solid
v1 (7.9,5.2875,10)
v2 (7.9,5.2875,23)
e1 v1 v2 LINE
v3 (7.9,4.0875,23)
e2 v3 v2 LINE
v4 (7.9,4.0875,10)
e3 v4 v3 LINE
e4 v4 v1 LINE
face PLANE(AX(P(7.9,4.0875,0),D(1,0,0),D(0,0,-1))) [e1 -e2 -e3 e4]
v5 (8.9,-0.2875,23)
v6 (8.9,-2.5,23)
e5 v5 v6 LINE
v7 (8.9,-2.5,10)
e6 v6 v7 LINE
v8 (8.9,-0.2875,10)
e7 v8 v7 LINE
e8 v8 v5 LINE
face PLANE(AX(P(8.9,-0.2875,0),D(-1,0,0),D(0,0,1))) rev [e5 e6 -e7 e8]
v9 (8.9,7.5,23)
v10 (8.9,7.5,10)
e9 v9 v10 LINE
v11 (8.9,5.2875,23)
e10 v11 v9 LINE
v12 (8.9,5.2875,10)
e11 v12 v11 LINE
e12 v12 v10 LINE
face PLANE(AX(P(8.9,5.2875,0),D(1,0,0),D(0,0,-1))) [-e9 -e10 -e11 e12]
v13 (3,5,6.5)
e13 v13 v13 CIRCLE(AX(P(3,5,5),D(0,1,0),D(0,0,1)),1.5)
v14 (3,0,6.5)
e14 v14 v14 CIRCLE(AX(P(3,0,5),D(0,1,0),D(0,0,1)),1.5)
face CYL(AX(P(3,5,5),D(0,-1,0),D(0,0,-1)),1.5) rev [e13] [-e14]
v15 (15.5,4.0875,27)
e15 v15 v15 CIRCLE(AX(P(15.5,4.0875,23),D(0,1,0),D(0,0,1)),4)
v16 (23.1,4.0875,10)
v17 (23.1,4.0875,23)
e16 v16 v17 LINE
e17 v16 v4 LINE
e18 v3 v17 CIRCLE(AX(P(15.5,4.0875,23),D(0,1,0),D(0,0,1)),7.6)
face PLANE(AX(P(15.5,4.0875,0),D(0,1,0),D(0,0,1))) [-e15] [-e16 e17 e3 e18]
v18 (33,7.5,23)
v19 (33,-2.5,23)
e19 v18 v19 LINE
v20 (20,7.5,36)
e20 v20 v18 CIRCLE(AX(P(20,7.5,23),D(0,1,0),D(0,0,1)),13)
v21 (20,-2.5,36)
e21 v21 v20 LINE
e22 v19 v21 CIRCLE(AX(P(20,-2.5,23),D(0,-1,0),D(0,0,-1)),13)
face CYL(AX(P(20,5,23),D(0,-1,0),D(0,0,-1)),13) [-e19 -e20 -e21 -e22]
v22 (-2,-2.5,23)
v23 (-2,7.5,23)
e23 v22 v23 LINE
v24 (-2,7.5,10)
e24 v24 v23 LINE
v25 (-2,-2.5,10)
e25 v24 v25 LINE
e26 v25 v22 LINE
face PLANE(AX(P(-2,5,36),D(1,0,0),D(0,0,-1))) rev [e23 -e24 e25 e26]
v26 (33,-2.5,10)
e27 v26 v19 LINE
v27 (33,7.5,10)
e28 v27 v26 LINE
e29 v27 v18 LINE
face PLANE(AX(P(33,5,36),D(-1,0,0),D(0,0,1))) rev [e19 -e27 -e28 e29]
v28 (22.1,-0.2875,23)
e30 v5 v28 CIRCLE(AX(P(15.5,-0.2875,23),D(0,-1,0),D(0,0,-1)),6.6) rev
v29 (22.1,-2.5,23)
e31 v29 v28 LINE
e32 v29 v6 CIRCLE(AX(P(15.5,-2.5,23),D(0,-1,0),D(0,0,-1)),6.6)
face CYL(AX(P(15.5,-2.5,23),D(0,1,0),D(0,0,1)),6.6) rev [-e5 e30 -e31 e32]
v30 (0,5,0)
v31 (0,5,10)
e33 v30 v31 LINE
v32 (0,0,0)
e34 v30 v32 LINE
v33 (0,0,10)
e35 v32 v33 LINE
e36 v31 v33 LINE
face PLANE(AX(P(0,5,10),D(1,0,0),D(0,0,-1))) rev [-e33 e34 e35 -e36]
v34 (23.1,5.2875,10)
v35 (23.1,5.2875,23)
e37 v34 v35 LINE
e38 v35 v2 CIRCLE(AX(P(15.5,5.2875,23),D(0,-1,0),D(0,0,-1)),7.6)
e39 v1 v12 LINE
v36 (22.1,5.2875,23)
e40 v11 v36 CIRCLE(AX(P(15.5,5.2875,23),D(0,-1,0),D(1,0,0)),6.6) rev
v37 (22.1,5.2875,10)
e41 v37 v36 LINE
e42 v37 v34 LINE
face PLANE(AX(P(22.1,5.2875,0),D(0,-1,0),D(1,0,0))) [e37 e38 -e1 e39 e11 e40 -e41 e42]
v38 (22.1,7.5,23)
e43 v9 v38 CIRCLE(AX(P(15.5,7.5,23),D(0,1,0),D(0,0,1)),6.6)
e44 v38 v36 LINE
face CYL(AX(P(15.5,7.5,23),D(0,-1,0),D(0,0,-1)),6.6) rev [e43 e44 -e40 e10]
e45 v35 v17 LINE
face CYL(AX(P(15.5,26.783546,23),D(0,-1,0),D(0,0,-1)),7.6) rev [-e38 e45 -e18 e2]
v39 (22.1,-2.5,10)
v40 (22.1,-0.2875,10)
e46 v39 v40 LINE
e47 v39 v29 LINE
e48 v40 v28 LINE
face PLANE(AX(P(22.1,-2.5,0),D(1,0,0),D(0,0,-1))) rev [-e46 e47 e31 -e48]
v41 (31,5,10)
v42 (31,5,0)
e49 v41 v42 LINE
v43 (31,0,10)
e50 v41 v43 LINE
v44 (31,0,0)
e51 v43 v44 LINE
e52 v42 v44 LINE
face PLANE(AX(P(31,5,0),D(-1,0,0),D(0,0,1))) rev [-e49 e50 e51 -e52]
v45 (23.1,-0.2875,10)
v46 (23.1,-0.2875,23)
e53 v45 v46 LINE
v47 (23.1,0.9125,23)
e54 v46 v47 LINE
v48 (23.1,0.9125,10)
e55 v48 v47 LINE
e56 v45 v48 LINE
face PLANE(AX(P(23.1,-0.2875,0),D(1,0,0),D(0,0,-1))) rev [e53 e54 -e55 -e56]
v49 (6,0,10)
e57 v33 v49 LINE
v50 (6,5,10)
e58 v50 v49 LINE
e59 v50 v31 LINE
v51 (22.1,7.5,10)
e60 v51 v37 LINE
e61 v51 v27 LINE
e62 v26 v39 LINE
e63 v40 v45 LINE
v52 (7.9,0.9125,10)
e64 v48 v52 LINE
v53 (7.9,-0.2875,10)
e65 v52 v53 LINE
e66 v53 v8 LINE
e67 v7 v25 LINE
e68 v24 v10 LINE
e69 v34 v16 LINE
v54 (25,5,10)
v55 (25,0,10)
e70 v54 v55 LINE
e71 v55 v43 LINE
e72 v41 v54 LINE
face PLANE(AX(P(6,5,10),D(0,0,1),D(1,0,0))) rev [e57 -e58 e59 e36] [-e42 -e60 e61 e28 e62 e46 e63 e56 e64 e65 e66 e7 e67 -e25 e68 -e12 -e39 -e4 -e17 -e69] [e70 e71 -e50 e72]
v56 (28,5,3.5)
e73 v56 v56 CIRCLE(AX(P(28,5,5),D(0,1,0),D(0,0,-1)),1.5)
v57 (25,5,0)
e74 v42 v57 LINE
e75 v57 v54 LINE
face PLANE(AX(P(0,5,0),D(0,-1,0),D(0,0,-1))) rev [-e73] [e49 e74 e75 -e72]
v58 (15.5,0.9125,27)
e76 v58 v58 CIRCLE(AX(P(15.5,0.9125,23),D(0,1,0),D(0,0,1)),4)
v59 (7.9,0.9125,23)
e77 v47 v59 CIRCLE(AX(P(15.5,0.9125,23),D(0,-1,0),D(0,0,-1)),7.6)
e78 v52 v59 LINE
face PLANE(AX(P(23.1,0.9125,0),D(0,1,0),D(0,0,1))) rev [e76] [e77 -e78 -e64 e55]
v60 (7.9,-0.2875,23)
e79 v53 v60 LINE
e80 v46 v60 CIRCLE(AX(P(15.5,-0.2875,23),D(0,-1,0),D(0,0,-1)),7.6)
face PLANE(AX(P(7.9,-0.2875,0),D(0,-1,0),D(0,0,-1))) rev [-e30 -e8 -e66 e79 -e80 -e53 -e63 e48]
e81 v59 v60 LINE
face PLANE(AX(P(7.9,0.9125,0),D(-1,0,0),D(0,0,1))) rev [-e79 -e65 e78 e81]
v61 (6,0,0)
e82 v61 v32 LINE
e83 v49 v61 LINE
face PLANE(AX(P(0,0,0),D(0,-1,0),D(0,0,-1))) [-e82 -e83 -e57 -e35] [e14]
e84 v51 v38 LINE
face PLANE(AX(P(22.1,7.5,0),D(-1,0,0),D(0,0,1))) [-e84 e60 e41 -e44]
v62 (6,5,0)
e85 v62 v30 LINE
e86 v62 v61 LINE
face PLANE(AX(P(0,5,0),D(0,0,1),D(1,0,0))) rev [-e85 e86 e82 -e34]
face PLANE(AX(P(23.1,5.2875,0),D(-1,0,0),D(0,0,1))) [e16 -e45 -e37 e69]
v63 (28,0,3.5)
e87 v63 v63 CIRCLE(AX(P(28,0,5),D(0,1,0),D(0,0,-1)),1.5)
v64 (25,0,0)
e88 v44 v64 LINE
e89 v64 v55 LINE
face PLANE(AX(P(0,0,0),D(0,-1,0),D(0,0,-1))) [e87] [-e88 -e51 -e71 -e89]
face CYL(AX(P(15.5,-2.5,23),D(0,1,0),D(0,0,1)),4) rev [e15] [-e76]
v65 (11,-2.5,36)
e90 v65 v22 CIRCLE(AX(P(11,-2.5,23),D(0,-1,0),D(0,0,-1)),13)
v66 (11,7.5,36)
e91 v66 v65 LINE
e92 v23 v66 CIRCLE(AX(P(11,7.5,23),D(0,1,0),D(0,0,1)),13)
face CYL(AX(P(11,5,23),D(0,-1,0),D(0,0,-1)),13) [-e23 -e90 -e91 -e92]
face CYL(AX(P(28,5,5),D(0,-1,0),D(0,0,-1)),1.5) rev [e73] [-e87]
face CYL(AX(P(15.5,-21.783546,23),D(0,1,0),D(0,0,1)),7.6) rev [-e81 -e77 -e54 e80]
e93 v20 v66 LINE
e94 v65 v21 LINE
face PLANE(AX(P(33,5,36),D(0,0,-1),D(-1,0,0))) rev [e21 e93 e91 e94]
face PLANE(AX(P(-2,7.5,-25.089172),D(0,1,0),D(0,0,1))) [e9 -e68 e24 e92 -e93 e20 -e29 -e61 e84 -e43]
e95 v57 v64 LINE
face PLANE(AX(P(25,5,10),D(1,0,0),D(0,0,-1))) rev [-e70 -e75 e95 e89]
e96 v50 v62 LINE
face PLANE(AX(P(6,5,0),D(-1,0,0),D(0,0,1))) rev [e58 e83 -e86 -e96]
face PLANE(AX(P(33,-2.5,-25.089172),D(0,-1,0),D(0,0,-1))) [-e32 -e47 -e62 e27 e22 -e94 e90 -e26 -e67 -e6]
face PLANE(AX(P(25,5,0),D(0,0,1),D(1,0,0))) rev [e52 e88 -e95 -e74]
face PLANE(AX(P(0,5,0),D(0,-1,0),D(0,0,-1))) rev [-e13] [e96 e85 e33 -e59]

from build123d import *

# Parameters (mm, degrees)
SKETCH1_R           = 1.5
BOSS_EXTRUDE1_DEPTH = 5
SKETCH2_W           = 35
SKETCH2_H           = 2.5
BOSS_EXTRUDE2_DEPTH = 26
FILLET1_R           = 13
CUT_EXTRUDE1_START  = -13
CUT_EXTRUDE1_DEPTH  = 56.676105727
SKETCH4_R           = 7.6
CUT_EXTRUDE2_DEPTH  = 1.2
SKETCH5_R           = 6.6
CUT_EXTRUDE3_DEPTH  = 50.27874954
CUT_EXTRUDE4_START  = 1.2
SKETCH6_R           = 7.6
CUT_EXTRUDE4_DEPTH  = 1.2
SKETCH7_R           = 6.6
CUT_EXTRUDE5_DEPTH  = 50.27874954
SKETCH8_R           = 4
CUT_EXTRUDE6_DEPTH  = 50.27874954


with BuildPart() as part:
    # Sketch1 → Boss-Extrude1 (new body)
    with BuildSketch(Plane(origin=(0, 0, 0), x_dir=(1, 0, 0), z_dir=(0, 1, 0))):
        Polygon((0, 0), (6, 0), (6, -10), (25, -10), (25, 0), (31, 0), (31, -10), (33, -10), (33, -36), (-2, -36), (-2, -10), (0, -10), align=None)
        with Locations(Location((3, -5, 0), (0, 0, 270))):
            Circle(SKETCH1_R, mode=Mode.SUBTRACT)
        with Locations(Location((28, -5, 0), (0, 0, 90))):
            Circle(SKETCH1_R, mode=Mode.SUBTRACT)
    extrude(amount=BOSS_EXTRUDE1_DEPTH)

    # Sketch2 → Boss-Extrude2 (add)
    with BuildSketch(Plane.XY.offset(36)):
        with Locations((15.5, 6.25)):
            Rectangle(SKETCH2_W, SKETCH2_H)
        with Locations((15.5, -1.25)):
            Rectangle(SKETCH2_W, SKETCH2_H)
    extrude(amount=-BOSS_EXTRUDE2_DEPTH)

    # Fillet1
    fillet1_edges = [part.edges().sort_by_distance(p)[0] for p in [
        (33, 2.5, 36),
        (-2, 2.5, 36),
    ]]
    fillet(fillet1_edges, radius=FILLET1_R)

    # Sketch3 → Cut-Extrude1 (cut)
    with BuildSketch(Plane(origin=(0, 0, 10), x_dir=(-1, 0, 0), z_dir=(0, 0, -1)).offset(CUT_EXTRUDE1_START)):
        Polygon((-22.1, 7.5), (-22.1, 5.2875), (-23.1, 5.2875), (-23.1, 4.0875), (-15.5, 4.0875), (-7.9, 4.0875), (-7.9, 5.2875), (-8.9, 5.2875), (-8.9, 7.5), align=None)
    cut_extrude1 = extrude(amount=CUT_EXTRUDE1_DEPTH, mode=Mode.SUBTRACT)

    # Sketch4 → Cut-Extrude2 (cut)
    with BuildSketch(Plane(origin=(0, 4.0875, 0), x_dir=(1, 0, 0), z_dir=(0, 1, 0))):
        with Locations((15.5, -23)):
            Circle(SKETCH4_R)
    extrude(amount=CUT_EXTRUDE2_DEPTH, mode=Mode.SUBTRACT)

    # Sketch5 → Cut-Extrude3 (cut, through all)
    with BuildSketch(Plane(origin=(0, 4.0875, 0), x_dir=(1, 0, 0), z_dir=(0, 1, 0))):
        with Locations((15.5, -23)):
            Circle(SKETCH5_R)
    extrude(amount=CUT_EXTRUDE3_DEPTH, mode=Mode.SUBTRACT)

    # Mirror1: Cut-Extrude1 across plane
    add(cut_extrude1.mirror(Plane(origin=(0, 2.5, 0), x_dir=(0, 0, 1), z_dir=(0, -1, 0))), mode=Mode.SUBTRACT)

    # Sketch6 → Cut-Extrude4 (cut)
    with BuildSketch(Plane.XZ.offset(-0.9125).offset(CUT_EXTRUDE4_START)):
        with Locations((15.5, 23)):
            Circle(SKETCH6_R)
    extrude(amount=-CUT_EXTRUDE4_DEPTH, mode=Mode.SUBTRACT)

    # Sketch7 → Cut-Extrude5 (cut, through all)
    with BuildSketch(Plane.XZ.offset(-0.9125)):
        with Locations((15.5, 23)):
            Circle(SKETCH7_R)
    extrude(amount=CUT_EXTRUDE5_DEPTH, mode=Mode.SUBTRACT)

    # Sketch8 → Cut-Extrude6 (cut, through all)
    with BuildSketch(Plane(origin=(0, 4.0875, 0), x_dir=(1, 0, 0), z_dir=(0, 1, 0))):
        with Locations(Location((15.5, -23, 0), (0, 0, 270))):
            Circle(SKETCH8_R)
    extrude(amount=-CUT_EXTRUDE6_DEPTH, mode=Mode.SUBTRACT)


solid = part.part
